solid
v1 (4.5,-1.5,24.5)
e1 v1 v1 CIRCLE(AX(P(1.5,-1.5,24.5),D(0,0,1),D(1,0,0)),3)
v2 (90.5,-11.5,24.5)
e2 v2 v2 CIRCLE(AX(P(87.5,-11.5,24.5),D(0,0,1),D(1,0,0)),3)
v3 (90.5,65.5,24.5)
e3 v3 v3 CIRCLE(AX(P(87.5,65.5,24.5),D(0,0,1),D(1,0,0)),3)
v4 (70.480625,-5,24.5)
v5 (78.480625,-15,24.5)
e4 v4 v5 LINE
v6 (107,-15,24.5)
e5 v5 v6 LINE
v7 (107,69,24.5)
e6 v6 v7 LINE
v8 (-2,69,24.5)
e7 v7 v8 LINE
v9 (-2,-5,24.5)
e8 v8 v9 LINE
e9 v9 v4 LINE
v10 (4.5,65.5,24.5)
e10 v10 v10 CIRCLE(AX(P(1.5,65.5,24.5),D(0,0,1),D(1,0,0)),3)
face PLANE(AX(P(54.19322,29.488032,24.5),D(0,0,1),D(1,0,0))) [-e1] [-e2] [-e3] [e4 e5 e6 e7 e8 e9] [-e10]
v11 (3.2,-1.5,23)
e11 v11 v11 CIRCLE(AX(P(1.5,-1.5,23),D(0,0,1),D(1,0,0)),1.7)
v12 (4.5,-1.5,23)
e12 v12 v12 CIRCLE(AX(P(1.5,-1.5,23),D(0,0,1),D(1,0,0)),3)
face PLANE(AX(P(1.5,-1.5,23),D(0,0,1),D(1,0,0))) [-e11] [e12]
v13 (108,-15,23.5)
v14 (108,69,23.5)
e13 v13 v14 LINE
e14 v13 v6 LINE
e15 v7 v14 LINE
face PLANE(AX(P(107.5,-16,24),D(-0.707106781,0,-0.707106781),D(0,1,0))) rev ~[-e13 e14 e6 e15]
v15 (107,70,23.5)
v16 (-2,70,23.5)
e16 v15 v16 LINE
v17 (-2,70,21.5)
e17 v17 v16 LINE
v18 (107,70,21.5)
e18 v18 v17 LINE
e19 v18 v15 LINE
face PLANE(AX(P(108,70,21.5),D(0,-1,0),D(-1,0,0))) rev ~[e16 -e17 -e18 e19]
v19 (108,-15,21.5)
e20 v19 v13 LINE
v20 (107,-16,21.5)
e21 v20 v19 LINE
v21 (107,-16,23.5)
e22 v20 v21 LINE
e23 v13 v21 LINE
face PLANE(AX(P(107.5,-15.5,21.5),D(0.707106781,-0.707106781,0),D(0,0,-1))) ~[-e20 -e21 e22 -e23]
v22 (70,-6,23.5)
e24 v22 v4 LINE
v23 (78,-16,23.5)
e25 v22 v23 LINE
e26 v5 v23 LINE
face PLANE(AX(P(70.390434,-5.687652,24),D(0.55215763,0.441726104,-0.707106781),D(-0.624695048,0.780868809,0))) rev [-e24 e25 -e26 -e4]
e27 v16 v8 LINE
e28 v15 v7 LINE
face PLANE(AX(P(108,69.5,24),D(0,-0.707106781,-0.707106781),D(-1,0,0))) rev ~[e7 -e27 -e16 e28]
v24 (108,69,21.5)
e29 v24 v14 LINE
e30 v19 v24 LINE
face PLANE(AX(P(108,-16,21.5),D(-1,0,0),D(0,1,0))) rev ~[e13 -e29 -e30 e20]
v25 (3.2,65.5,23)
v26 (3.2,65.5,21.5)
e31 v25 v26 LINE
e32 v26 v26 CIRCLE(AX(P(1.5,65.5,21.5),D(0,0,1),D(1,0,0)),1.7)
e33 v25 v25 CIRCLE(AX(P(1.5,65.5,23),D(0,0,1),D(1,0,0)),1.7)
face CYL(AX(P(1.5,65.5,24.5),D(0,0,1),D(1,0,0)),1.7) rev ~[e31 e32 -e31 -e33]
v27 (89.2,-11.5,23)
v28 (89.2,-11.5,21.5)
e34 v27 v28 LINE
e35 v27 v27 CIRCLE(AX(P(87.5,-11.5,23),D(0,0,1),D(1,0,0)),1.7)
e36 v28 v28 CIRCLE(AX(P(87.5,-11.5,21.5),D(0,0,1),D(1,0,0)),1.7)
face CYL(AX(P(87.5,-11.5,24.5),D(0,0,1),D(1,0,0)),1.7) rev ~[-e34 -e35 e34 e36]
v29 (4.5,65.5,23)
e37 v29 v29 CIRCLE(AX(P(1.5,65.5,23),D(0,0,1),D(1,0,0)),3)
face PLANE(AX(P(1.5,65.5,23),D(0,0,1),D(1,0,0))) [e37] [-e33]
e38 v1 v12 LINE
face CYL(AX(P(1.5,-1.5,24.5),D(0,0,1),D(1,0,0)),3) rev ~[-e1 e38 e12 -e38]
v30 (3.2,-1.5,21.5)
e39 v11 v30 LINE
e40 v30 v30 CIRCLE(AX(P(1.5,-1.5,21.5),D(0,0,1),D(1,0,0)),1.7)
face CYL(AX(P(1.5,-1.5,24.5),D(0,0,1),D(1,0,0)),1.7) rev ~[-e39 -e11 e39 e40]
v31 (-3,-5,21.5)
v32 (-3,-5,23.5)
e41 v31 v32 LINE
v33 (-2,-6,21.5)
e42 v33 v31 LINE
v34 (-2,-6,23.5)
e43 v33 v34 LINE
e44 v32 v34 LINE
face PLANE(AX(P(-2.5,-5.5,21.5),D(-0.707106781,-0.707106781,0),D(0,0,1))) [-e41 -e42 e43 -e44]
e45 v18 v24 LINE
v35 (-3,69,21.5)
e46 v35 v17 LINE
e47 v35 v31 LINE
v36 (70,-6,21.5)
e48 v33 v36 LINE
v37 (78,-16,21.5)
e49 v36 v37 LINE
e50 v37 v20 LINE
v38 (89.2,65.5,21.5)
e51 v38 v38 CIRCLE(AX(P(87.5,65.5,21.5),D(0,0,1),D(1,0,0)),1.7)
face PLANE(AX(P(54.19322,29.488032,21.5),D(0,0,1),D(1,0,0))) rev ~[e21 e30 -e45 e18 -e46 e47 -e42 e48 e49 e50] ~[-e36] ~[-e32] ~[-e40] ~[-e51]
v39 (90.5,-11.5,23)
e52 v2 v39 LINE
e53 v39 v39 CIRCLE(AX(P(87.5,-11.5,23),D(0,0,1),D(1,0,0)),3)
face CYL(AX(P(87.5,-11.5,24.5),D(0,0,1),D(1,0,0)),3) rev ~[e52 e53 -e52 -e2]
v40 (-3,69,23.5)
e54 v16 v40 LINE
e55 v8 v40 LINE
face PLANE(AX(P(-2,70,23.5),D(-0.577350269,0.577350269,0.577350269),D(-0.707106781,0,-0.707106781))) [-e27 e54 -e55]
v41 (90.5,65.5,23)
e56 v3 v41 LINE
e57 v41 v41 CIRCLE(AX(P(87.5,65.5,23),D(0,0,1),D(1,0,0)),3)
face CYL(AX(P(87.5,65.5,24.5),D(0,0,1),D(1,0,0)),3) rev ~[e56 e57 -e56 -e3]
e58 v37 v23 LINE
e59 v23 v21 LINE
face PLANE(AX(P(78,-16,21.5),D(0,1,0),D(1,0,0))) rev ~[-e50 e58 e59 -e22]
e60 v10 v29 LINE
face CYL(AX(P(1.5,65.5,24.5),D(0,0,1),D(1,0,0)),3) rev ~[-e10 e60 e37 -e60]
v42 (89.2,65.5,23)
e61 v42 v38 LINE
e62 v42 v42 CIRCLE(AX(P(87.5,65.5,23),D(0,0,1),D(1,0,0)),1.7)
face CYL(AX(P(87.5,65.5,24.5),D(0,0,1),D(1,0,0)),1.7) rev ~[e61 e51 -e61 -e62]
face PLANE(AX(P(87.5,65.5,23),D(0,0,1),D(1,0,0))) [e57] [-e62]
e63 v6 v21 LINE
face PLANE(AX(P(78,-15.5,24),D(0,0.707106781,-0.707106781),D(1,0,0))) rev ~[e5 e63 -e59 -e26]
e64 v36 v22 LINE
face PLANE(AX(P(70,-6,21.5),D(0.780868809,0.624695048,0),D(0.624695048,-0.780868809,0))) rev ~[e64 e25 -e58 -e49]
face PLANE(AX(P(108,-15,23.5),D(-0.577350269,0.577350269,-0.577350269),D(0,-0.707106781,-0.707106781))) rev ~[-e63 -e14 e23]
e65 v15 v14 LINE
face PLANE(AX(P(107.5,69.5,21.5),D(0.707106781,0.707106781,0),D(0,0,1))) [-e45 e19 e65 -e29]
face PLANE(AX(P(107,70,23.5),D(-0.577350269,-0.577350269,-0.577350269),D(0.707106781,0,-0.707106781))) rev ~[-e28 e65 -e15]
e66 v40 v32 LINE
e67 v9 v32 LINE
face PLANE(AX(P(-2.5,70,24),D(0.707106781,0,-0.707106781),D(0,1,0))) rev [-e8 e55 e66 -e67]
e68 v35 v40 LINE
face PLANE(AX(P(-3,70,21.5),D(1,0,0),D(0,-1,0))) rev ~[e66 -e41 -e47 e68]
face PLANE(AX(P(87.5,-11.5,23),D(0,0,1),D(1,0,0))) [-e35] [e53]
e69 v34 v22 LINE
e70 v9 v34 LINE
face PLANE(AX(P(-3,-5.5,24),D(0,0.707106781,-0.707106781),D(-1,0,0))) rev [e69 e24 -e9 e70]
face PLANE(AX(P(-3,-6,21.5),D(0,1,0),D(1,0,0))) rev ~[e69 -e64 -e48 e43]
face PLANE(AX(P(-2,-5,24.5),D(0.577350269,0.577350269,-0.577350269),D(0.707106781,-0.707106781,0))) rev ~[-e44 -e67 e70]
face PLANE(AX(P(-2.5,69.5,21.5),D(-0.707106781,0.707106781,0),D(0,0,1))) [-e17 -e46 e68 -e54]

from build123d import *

# Parameters (mm, degrees)
PAD010_DEPTH    = 3
SKETCH023_R     = 1.7
HOLE002_DEPTH   = 3
HOLE002_TIPS_R  = 1.7
SKETCH024_R     = 3
POCKET007_DEPTH = 1.5
CHAMFER001_SIZE = 1


with BuildPart() as part:
    # Sketch022 (on Face1 of CopyPad011) → Pad010 (new body)
    with BuildSketch(Plane.XY.offset(24)):
        Polygon((-3, -6), (70, -6), (78, -16), (108, -16), (108, 70), (-3, 70), align=None)
    extrude(amount=PAD010_DEPTH)

    # Sketch023 (on Face8 of Pad010) → Hole002 (cut)
    with BuildSketch(Plane.XY.offset(27)):
        with Locations((1.5, 65.5)):
            Circle(SKETCH023_R)
        with Locations((87.5, 65.5)):
            Circle(SKETCH023_R)
        with Locations((87.5, -11.5)):
            Circle(SKETCH023_R)
        with Locations((1.5, -1.5)):
            Circle(SKETCH023_R)
    extrude(amount=-HOLE002_DEPTH, mode=Mode.SUBTRACT)

    # Hole002 tips → Hole002 tip 1 section 0
    with BuildSketch(Plane.XY.offset(24), mode=Mode.PRIVATE) as hole002_tip_1_s0:
        with Locations((1.5, 65.5)):
            Circle(HOLE002_TIPS_R)
    loft([hole002_tip_1_s0.sketch, Vertex(1.5, 65.5, 22.978537)], mode=Mode.SUBTRACT)

    # Hole002 tips → Hole002 tip 2 section 0
    with BuildSketch(Plane.XY.offset(24), mode=Mode.PRIVATE) as hole002_tip_2_s0:
        with Locations((87.5, 65.5)):
            Circle(HOLE002_TIPS_R)
    loft([hole002_tip_2_s0.sketch, Vertex(87.5, 65.5, 22.978537)], mode=Mode.SUBTRACT)

    # Hole002 tips → Hole002 tip 3 section 0
    with BuildSketch(Plane.XY.offset(24), mode=Mode.PRIVATE) as hole002_tip_3_s0:
        with Locations((87.5, -11.5)):
            Circle(HOLE002_TIPS_R)
    loft([hole002_tip_3_s0.sketch, Vertex(87.5, -11.5, 22.978537)], mode=Mode.SUBTRACT)

    # Hole002 tips → Hole002 tip 4 section 0
    with BuildSketch(Plane.XY.offset(24), mode=Mode.PRIVATE) as hole002_tip_4_s0:
        with Locations((1.5, -1.5)):
            Circle(HOLE002_TIPS_R)
    loft([hole002_tip_4_s0.sketch, Vertex(1.5, -1.5, 22.978537)], mode=Mode.SUBTRACT)

    # Sketch024 (on Face5 of Hole002) → Pocket007 (cut)
    with BuildSketch(Plane.XY.offset(27)):
        with Locations((1.5, 65.5)):
            Circle(SKETCH024_R)
        with Locations((87.5, 65.5)):
            Circle(SKETCH024_R)
        with Locations((87.5, -11.5)):
            Circle(SKETCH024_R)
        with Locations((1.5, -1.5)):
            Circle(SKETCH024_R)
    extrude(amount=-POCKET007_DEPTH, mode=Mode.SUBTRACT)

    # Chamfer001
    chamfer001_edges = [part.edges().sort_by_distance(p)[0] for p in [
        (-3, -6, 25.5),
        (-3, 32, 27),
        (33.5, -6, 27),
        (93, -16, 27),
        (74, -11, 27),
        (108, 27, 27),
        (52.5, 70, 27),
        (108, -16, 25.5),
        (108, 70, 25.5),
        (-3, 70, 25.5),
    ]]
    chamfer(chamfer001_edges, length=CHAMFER001_SIZE)


with BuildPart() as part_1:
    # Body002 placement: moved
    add(part.part.moved(Location((0, 0, -2.5))))


solid = part_1.part
